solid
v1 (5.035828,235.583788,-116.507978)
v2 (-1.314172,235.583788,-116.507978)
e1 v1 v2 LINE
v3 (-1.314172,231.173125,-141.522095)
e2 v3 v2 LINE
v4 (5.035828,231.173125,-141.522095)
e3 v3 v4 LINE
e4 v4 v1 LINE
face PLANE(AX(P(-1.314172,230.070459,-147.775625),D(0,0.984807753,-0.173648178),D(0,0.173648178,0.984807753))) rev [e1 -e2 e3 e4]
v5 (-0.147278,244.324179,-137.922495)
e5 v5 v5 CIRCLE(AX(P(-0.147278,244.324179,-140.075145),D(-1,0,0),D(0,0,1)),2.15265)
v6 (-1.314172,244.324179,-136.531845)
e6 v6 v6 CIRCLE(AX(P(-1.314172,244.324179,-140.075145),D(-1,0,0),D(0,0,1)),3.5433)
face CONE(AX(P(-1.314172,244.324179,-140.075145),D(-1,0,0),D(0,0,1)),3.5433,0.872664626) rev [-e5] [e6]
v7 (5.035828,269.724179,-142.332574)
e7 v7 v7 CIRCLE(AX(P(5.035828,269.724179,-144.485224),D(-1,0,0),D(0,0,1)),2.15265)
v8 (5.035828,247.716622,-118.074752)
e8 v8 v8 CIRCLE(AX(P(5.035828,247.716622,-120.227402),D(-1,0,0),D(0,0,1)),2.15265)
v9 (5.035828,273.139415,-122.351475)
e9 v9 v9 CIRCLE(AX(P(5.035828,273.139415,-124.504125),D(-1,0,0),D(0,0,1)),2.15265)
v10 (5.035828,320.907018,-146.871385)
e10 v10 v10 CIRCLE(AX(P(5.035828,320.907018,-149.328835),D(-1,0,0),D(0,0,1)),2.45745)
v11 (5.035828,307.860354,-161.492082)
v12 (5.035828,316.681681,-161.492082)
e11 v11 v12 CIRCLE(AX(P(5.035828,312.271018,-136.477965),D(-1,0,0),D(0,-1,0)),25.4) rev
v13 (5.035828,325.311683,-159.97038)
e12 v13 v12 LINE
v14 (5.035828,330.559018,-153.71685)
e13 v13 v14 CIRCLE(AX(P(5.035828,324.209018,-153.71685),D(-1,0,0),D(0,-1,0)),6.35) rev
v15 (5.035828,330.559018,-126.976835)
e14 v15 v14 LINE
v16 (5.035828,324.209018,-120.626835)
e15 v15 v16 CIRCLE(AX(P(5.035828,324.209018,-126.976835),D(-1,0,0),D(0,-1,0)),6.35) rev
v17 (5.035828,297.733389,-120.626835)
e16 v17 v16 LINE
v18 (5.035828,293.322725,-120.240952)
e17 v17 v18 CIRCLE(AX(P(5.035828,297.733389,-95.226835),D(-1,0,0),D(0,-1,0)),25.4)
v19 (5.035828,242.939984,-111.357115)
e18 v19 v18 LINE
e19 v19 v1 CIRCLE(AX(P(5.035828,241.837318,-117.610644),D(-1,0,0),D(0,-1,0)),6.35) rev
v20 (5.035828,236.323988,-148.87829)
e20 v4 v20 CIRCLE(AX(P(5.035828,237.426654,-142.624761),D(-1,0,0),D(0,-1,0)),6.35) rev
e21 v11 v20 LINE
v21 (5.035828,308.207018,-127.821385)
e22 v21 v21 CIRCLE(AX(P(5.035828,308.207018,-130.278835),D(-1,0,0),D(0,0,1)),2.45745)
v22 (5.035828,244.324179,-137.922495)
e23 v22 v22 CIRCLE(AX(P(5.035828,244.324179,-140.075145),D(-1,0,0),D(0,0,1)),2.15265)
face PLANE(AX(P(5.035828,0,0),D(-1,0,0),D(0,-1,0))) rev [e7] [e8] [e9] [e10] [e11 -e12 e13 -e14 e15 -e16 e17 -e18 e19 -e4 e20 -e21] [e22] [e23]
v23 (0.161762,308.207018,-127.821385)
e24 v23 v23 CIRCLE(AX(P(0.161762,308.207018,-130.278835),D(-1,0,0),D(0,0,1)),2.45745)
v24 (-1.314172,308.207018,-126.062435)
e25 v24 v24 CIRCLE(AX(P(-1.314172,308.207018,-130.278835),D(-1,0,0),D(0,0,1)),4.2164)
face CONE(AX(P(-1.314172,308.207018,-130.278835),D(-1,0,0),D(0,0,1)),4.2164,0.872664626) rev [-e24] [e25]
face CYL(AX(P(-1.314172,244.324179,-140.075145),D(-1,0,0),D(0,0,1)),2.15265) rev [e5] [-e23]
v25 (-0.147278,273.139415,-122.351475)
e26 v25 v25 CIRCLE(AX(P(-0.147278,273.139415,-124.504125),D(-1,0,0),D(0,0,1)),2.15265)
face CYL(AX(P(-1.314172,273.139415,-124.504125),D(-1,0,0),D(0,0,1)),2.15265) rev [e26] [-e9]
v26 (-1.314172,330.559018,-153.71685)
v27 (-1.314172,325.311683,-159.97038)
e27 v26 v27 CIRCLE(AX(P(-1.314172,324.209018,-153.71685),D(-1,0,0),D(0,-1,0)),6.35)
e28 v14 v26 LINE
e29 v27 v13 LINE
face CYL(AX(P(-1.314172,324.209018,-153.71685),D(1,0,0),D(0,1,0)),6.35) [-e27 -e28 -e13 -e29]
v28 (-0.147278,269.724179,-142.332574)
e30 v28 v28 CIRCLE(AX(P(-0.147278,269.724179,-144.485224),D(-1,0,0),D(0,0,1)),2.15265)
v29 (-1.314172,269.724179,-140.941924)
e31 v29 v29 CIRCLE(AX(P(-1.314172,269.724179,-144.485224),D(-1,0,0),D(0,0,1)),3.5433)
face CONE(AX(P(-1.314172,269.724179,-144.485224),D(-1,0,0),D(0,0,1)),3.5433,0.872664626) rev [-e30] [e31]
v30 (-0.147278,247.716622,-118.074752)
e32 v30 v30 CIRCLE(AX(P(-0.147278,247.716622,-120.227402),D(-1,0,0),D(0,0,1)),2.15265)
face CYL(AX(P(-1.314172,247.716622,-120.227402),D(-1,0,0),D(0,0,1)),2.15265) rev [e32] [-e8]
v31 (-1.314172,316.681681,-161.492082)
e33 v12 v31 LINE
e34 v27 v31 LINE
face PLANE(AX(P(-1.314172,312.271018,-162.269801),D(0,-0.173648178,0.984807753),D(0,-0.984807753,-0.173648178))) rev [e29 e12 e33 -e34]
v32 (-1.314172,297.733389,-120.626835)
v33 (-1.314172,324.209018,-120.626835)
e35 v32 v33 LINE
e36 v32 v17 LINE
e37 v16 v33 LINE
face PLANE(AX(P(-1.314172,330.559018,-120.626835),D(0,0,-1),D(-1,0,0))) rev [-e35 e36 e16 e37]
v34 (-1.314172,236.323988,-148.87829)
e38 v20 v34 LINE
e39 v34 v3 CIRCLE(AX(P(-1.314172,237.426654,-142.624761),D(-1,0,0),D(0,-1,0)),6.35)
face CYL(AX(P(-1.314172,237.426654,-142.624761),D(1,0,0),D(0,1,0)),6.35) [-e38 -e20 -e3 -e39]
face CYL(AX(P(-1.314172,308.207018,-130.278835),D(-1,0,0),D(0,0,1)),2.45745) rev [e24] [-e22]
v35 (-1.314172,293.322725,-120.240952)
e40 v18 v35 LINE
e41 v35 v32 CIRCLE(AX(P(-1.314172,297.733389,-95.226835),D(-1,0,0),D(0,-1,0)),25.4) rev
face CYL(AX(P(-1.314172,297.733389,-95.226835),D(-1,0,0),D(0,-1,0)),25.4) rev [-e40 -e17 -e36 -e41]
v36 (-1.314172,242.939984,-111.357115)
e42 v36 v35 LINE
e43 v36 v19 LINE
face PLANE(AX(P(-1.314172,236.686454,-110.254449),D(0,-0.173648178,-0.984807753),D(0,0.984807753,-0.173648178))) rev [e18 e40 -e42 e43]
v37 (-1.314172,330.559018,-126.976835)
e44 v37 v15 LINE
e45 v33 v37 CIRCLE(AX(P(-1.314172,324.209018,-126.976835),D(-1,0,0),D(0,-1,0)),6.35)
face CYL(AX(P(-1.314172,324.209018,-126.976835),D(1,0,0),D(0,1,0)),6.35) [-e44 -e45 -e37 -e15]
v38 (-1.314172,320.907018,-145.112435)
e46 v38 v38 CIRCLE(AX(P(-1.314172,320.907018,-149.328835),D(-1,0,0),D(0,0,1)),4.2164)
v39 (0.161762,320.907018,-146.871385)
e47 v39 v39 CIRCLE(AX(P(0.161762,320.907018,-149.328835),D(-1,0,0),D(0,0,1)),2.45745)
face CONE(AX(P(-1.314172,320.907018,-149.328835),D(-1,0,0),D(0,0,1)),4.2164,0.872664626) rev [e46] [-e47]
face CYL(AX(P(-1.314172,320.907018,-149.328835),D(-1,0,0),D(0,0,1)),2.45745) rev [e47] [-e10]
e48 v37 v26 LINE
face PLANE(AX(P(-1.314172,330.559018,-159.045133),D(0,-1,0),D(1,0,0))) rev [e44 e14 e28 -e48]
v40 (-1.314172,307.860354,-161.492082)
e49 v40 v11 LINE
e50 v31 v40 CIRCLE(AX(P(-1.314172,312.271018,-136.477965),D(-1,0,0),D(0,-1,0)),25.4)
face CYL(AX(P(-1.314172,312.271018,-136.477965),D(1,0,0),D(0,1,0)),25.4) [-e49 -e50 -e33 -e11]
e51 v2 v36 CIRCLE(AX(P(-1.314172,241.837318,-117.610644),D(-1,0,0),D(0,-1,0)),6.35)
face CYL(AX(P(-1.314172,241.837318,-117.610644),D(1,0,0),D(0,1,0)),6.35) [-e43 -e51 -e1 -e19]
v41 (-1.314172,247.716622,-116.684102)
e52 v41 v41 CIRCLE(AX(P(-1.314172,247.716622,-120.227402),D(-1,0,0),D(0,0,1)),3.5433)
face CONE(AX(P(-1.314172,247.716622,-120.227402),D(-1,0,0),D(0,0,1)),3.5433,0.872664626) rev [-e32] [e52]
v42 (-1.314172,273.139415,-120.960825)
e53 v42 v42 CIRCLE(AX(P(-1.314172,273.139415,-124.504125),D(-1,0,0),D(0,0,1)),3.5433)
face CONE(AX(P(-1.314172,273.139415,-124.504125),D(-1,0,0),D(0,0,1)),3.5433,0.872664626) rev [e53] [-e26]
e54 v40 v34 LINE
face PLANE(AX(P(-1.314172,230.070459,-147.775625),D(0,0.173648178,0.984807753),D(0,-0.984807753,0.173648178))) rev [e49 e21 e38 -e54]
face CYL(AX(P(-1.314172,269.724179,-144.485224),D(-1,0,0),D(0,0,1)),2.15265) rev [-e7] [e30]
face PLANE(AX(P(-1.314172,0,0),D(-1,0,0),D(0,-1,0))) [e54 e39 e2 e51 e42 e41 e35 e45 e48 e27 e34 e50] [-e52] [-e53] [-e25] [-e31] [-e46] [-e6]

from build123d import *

# Parameters (mm, degrees)
BOSS_EXTRUDE1_DEPTH                               = 6.35
FILLET1_R                                         = 25.4
CSK_FOR_6_FLAT_HEAD_MACHINE_SCREW_100_D           = 4.3053
CSK_FOR_6_FLAT_HEAD_MACHINE_SCREW_100_CSINK_D     = 7.0866
CSK_FOR_6_FLAT_HEAD_MACHINE_SCREW_100_CSINK_ANGLE = 100
CSK_FOR_8_FLAT_HEAD_MACHINE_SCREW_100_D           = 4.9149
CSK_FOR_8_FLAT_HEAD_MACHINE_SCREW_100_CSINK_D     = 8.4328
CSK_FOR_8_FLAT_HEAD_MACHINE_SCREW_100_CSINK_ANGLE = 100
FILLET2_R                                         = 6.35


with BuildPart() as part:
    # Sketch1 → Boss-Extrude1 (new body)
    with BuildSketch(Plane.ZY.offset(-5.035827965)):
        Polygon((-147.77562455, 230.070458845), (-162.269800873, 312.271017517), (-159.04513305, 330.559017517), (-120.626834873, 330.559017517), (-120.626834873, 295.511176933), (-110.25444916, 236.686454414), align=None)
    extrude(amount=BOSS_EXTRUDE1_DEPTH)

    # Fillet1
    fillet1_edges = [part.edges().sort_by_distance(p)[0] for p in [
        (1.860827965, 312.271017517, -162.269800873),
        (1.860827965, 295.511176933, -120.626834873),
    ]]
    fillet(fillet1_edges, radius=FILLET1_R)

    # CSK for #6 Flat Head Machine Screw (100)1 (through all)
    with Locations(Plane.ZY.offset(1.314172035)):
        with Locations((-124.504125043, 273.139415456), (-144.485224025, 269.724179148), (-140.075144867, 244.324179148), (-120.227402214, 247.716621746)):
            CounterSinkHole(CSK_FOR_6_FLAT_HEAD_MACHINE_SCREW_100_D / 2, CSK_FOR_6_FLAT_HEAD_MACHINE_SCREW_100_CSINK_D / 2, counter_sink_angle=CSK_FOR_6_FLAT_HEAD_MACHINE_SCREW_100_CSINK_ANGLE)

    # CSK for #8 Flat Head Machine Screw (100)1 (through all)
    with Locations(Plane.ZY.offset(1.314172035)):
        with Locations((-149.328834873, 320.907017517), (-130.278834873, 308.207017517)):
            CounterSinkHole(CSK_FOR_8_FLAT_HEAD_MACHINE_SCREW_100_D / 2, CSK_FOR_8_FLAT_HEAD_MACHINE_SCREW_100_CSINK_D / 2, counter_sink_angle=CSK_FOR_8_FLAT_HEAD_MACHINE_SCREW_100_CSINK_ANGLE)

    # Fillet2
    fillet2_edges = [part.edges().sort_by_distance(p)[0] for p in [
        (1.860827965, 230.070458845, -147.77562455),
        (1.860827965, 330.559017517, -159.04513305),
        (1.860827965, 330.559017517, -120.626834873),
        (1.860827965, 236.686454414, -110.25444916),
    ]]
    fillet(fillet2_edges, radius=FILLET2_R)


solid = part.part
